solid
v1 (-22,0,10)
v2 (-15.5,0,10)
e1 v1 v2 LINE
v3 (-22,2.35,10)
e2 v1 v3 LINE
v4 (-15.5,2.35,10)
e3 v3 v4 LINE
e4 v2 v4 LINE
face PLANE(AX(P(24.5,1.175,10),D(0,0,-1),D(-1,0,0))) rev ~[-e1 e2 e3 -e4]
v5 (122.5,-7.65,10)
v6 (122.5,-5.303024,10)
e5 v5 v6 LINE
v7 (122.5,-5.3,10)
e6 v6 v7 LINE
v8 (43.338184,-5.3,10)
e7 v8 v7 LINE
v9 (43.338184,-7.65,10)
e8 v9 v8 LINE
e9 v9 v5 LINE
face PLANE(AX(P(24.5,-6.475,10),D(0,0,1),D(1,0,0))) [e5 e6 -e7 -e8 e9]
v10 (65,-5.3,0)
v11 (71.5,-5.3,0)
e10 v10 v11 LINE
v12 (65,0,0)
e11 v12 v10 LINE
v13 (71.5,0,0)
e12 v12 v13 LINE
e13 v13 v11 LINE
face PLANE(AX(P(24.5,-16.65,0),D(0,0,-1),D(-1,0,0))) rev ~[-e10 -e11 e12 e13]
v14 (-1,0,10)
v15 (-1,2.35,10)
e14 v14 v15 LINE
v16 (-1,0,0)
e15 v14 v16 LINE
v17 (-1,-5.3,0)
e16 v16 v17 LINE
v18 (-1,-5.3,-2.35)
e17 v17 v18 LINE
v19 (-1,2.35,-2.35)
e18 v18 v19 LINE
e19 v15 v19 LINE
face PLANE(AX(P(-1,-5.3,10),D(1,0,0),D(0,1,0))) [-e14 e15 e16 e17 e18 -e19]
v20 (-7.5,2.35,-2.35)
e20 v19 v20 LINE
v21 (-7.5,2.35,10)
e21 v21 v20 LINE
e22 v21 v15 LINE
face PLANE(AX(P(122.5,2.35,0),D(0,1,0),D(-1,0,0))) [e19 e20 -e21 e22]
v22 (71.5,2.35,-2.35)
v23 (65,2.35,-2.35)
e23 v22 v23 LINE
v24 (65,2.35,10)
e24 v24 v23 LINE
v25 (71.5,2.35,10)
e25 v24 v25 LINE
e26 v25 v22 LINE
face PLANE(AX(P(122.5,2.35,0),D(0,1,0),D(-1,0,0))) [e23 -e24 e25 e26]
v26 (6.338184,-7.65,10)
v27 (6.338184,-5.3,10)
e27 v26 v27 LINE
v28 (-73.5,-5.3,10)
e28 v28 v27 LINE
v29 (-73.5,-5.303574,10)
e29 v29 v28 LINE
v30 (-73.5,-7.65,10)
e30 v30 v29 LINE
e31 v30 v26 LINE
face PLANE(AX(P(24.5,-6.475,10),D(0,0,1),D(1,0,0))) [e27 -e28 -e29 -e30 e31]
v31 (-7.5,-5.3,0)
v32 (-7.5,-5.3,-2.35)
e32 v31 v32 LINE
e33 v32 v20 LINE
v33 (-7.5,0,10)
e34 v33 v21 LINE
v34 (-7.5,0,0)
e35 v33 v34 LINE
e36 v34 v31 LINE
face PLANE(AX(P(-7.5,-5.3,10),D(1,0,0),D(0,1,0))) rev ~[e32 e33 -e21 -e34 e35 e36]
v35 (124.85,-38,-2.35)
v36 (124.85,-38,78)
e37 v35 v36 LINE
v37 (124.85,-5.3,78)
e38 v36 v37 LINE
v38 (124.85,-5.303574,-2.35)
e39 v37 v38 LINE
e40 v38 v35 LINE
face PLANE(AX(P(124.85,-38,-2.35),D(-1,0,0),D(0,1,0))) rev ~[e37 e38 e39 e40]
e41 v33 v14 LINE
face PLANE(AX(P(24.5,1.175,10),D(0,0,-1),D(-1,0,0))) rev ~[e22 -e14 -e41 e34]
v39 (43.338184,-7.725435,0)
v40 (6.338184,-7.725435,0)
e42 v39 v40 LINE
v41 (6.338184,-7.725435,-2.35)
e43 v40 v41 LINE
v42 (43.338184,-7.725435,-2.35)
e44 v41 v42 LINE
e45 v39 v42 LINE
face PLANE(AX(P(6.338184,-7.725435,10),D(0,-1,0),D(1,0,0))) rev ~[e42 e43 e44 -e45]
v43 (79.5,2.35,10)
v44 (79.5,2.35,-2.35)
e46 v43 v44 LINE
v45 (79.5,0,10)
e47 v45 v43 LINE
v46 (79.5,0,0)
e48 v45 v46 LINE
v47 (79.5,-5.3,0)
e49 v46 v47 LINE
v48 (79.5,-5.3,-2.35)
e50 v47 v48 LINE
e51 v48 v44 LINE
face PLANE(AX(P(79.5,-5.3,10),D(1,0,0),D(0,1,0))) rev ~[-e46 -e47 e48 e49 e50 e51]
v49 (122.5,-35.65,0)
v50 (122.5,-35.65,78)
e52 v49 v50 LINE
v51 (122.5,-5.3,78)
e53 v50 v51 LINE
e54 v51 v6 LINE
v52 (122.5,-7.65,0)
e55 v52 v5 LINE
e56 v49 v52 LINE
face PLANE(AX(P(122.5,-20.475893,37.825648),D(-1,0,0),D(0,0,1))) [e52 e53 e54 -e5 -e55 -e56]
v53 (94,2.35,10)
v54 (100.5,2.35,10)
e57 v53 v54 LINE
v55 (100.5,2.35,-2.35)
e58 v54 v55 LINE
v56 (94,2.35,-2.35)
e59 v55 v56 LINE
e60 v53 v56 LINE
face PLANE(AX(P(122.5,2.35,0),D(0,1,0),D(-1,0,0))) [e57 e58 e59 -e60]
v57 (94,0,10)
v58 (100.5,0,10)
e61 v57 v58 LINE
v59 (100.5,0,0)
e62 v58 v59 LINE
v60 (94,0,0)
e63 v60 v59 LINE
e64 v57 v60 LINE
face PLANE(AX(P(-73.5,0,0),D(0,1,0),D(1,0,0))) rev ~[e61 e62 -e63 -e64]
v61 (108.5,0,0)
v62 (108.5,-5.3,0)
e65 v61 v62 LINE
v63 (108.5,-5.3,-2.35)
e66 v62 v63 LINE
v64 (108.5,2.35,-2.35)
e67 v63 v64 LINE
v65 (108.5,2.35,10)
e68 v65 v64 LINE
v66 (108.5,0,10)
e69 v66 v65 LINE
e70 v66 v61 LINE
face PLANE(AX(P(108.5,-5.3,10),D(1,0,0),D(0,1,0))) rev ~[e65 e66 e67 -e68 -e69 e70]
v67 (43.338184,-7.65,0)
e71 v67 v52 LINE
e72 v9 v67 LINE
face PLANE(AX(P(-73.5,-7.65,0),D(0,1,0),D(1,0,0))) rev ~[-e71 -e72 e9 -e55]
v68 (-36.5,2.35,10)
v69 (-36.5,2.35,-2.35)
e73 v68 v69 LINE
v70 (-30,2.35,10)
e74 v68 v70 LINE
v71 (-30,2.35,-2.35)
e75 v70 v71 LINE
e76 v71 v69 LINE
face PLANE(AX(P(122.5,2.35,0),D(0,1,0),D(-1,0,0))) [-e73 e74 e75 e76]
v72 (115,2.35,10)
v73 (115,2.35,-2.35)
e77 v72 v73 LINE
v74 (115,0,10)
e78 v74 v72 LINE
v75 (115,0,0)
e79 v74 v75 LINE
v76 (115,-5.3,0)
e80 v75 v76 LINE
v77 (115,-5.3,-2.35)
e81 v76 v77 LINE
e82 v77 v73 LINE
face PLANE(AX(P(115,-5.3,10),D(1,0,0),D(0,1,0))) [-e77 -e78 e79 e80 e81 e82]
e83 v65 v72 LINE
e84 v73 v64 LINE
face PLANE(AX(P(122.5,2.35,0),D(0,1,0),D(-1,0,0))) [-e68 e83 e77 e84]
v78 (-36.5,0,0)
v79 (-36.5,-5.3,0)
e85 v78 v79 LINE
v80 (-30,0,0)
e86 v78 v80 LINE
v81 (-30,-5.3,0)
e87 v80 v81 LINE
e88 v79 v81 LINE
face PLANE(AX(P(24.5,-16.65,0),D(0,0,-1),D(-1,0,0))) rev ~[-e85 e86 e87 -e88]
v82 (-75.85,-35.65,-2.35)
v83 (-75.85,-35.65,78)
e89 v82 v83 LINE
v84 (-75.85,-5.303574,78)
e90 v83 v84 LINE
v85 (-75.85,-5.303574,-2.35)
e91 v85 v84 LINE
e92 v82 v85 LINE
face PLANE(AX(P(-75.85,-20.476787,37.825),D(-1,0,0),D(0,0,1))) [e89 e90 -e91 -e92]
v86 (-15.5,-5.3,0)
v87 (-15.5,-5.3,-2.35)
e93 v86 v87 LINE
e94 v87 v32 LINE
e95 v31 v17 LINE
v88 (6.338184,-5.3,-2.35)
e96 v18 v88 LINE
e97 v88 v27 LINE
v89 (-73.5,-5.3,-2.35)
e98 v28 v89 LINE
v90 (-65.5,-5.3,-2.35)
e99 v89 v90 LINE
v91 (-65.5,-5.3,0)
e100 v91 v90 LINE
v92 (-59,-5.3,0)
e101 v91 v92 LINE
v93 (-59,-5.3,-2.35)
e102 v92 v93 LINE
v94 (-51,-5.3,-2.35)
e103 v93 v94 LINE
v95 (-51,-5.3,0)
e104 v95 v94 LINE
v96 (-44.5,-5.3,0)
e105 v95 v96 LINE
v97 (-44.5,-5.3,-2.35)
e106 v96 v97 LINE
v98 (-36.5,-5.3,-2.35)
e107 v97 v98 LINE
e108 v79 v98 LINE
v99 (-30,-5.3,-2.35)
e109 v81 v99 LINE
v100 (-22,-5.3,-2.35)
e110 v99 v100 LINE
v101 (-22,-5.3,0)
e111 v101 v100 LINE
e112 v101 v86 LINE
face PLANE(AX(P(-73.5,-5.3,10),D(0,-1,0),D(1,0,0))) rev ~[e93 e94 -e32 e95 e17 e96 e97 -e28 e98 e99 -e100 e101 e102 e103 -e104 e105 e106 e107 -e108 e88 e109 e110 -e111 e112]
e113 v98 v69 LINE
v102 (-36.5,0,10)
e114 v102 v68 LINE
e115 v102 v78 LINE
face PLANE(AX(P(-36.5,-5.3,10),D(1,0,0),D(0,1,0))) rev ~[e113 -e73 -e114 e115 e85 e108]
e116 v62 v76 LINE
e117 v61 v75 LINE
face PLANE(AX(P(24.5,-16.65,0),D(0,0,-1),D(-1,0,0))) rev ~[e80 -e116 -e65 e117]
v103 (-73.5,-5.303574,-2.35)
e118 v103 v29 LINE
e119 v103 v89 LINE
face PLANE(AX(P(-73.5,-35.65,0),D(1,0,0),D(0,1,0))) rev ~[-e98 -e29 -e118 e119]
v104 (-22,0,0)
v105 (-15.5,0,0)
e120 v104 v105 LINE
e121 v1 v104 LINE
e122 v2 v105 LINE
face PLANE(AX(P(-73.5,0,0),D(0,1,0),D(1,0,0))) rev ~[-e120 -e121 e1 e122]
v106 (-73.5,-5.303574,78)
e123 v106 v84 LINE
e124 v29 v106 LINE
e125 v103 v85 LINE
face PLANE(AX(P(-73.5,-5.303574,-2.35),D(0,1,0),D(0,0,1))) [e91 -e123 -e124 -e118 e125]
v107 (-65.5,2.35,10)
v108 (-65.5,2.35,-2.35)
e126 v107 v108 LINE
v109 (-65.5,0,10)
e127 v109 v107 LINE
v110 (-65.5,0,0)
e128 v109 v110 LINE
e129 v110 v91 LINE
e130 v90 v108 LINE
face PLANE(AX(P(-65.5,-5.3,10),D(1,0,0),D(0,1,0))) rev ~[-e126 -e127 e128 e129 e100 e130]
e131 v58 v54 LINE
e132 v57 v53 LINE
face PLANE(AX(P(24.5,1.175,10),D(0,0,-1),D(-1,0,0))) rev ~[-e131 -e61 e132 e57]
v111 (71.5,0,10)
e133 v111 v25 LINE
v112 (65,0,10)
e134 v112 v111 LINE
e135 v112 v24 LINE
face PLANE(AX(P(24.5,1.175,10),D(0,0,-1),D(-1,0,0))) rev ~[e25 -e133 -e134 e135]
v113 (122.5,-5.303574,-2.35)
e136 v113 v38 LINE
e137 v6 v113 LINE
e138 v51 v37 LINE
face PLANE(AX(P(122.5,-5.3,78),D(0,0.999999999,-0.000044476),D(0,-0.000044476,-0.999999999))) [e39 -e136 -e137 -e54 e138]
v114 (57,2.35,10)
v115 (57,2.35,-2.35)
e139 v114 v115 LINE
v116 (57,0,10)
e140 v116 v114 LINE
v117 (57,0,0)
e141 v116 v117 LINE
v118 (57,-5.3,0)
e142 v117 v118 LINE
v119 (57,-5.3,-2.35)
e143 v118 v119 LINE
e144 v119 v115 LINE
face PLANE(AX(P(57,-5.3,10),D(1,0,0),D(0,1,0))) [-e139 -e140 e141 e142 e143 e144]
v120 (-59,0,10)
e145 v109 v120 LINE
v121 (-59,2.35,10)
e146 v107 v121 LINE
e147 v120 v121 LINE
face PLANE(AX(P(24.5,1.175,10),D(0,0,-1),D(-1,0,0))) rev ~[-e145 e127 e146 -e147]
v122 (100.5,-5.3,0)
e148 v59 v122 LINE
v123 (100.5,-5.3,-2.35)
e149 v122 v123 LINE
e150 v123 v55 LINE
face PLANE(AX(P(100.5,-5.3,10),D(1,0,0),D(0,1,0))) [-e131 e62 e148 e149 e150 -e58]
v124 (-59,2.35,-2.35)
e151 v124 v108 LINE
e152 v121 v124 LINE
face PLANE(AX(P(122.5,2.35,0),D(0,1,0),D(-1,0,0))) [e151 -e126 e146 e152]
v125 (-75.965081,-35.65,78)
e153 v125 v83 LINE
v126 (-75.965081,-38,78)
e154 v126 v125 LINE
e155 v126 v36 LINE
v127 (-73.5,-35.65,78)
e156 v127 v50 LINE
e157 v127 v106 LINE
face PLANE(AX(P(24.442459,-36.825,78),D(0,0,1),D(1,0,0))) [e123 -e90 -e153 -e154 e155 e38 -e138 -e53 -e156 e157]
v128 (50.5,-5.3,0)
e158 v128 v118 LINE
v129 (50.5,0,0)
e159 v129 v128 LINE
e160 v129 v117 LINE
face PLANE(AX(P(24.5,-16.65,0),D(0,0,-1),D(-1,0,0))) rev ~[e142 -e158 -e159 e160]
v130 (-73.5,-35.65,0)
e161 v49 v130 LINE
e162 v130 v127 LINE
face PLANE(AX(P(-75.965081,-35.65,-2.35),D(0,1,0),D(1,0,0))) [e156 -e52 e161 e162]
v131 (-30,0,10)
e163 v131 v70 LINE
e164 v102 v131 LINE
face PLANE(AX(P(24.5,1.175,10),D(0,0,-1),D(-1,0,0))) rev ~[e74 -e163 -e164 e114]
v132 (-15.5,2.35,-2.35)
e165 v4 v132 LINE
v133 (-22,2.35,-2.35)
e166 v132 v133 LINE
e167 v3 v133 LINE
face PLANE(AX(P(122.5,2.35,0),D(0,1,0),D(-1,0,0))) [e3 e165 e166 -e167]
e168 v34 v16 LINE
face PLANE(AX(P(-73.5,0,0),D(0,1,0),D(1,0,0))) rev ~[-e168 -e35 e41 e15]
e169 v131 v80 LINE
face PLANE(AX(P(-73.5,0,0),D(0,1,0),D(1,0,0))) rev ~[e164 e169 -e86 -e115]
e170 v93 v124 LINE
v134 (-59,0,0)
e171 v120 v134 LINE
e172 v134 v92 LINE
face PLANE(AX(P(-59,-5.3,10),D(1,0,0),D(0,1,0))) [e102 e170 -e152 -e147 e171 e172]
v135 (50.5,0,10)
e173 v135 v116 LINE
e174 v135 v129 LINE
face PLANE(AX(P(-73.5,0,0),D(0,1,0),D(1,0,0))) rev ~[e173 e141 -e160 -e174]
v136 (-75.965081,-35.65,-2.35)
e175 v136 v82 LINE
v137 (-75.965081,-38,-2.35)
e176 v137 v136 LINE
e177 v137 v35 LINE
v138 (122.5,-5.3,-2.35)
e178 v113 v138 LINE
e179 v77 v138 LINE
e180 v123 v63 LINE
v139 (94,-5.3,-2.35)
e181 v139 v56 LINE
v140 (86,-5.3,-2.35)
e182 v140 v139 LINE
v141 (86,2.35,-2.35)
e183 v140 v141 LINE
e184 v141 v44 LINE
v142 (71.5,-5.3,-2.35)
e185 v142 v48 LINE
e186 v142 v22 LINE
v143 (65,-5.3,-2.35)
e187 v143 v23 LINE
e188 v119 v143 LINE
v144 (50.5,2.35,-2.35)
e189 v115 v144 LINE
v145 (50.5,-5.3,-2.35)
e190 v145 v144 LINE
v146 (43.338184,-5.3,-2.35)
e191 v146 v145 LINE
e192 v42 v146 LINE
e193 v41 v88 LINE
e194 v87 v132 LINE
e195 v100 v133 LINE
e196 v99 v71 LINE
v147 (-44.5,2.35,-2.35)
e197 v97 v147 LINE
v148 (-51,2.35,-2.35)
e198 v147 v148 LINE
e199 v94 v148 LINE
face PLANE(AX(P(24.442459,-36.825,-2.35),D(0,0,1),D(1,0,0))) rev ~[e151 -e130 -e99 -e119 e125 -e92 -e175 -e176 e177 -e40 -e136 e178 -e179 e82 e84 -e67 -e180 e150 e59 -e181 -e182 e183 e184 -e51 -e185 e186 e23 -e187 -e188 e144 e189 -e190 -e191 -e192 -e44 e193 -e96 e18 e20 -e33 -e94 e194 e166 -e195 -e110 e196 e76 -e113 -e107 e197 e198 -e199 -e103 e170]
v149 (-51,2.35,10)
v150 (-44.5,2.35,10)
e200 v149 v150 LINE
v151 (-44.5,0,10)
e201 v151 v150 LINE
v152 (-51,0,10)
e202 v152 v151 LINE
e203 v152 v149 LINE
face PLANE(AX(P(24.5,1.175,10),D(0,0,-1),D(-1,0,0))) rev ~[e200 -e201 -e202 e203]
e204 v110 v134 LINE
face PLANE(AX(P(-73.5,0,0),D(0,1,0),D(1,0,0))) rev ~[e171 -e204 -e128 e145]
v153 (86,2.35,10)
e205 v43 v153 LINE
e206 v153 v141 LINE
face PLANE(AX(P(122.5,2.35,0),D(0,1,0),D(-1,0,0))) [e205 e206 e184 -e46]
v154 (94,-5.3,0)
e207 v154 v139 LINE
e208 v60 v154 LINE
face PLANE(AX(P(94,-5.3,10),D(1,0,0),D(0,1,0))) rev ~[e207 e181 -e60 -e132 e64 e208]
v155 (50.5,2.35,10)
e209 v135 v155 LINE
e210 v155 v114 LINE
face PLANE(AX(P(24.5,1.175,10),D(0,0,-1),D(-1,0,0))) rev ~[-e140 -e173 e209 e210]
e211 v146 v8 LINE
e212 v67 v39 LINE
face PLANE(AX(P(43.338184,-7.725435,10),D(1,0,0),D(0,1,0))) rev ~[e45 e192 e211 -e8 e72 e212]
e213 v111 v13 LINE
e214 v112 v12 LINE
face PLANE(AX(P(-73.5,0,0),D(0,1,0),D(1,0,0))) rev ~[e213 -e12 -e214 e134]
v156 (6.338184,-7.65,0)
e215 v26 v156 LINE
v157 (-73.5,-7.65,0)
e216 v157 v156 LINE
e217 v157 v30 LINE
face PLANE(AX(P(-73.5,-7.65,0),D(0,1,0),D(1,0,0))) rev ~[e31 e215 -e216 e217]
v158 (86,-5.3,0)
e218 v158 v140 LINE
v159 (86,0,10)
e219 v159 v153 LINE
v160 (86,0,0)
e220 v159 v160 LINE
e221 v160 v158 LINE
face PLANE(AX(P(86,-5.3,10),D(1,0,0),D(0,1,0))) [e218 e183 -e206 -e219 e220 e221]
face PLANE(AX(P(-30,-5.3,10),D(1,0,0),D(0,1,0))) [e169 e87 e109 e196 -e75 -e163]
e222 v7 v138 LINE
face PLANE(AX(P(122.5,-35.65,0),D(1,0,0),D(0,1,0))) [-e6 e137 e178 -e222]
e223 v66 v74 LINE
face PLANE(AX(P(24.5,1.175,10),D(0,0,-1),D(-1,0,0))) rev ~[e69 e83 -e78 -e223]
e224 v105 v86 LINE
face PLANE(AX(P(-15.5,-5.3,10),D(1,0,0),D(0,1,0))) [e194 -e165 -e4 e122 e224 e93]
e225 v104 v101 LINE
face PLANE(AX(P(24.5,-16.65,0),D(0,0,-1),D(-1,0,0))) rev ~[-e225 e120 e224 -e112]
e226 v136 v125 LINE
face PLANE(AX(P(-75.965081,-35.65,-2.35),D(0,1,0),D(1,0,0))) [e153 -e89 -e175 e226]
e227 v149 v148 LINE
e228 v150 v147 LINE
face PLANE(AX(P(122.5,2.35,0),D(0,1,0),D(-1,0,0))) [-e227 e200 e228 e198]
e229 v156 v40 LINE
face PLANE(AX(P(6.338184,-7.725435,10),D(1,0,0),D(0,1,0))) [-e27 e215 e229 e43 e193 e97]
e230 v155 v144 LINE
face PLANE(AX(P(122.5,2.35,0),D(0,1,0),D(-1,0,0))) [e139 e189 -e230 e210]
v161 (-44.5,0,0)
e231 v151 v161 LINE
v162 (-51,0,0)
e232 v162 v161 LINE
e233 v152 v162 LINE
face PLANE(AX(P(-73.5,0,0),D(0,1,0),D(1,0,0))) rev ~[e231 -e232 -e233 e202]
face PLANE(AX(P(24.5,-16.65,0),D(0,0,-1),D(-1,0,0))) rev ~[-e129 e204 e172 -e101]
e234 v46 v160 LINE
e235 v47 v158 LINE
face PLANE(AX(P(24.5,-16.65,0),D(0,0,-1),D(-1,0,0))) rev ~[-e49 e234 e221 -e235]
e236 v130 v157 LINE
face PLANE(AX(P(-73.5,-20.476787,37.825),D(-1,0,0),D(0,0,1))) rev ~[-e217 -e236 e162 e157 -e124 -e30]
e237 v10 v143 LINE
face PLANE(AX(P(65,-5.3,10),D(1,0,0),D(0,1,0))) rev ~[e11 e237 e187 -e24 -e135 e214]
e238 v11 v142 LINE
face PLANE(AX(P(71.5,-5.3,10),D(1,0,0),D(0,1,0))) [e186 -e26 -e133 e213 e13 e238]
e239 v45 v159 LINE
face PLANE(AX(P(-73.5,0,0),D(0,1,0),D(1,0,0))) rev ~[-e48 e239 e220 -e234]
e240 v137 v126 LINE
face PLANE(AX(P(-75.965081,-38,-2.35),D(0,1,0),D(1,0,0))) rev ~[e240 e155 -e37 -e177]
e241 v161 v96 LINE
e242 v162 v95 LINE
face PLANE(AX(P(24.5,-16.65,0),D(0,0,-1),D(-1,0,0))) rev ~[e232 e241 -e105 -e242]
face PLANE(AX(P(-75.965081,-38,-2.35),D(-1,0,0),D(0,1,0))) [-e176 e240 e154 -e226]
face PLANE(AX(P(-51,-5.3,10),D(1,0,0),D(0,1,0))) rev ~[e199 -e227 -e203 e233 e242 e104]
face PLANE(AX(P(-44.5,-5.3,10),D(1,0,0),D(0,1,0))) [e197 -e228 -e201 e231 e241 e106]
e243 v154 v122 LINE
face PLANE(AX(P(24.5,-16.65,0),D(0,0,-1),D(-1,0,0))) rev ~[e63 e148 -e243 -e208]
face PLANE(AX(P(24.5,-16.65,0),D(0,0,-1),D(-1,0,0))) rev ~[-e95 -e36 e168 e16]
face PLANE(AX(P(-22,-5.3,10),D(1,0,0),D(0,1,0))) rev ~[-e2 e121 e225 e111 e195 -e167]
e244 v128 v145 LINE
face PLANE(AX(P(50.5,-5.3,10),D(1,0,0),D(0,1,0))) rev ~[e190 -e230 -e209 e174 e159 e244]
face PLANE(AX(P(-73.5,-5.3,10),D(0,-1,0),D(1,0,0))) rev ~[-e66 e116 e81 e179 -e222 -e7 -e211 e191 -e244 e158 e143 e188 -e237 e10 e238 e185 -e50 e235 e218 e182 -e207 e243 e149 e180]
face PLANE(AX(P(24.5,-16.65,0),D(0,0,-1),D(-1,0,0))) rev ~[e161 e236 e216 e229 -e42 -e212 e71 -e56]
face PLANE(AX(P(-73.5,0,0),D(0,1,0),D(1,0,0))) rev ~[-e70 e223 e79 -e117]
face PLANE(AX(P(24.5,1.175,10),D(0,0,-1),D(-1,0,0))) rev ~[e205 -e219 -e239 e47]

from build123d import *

# Parameters (mm, degrees)
BOSS_EXTRU_1_DEPTH      = 10
ESQUISSE1_W             = 196
ESQUISSE1_H             = 2.35
BOSS_EXTRU_1_2_DEPTH    = 10
ESQUISSE2_W             = 196
ESQUISSE2_H             = 38
BOSS_EXTRU_2_DEPTH      = 2.35
ESQUISSE3_W             = 80.35
ESQUISSE3_H             = 30.346426361
BOSS_EXTRU_4_DEPTH      = 2.35
BOSS_EXTRU_5_DEPTH      = 2.35
BOSS_EXTRU_6_DEPTH      = 68
BOSS_EXTRU_6_DEPTH_BACK = 12.35
ESQUISSE6_W             = 200.815081418
ESQUISSE6_H             = 2.35
ESQUISSE7_W             = 8
ESQUISSE7_H             = 7.65
ENL_V_MAT_EXTRU_1_DEPTH = 13
ESQUISSE9_W             = 37
ESQUISSE9_H             = 12
ENL_V_MAT_EXTRU_2_DEPTH = 13


with BuildPart() as part:
    # Esquisse1 → Boss.-Extru.1 (new body)
    with BuildSketch(Plane.XY):
        Polygon((122.5, 2.35), (122.5, 0), (0, 0), (-73.5, 0), (-73.5, 2.35), align=None)
    extrude(amount=BOSS_EXTRU_1_DEPTH)



with BuildPart() as body_2:
    # Esquisse1 → Boss.-Extru.1 2 (new body)
    with BuildSketch(Plane.XY):
        with Locations((24.5, -6.475)):
            Rectangle(ESQUISSE1_W, ESQUISSE1_H)
    extrude(amount=BOSS_EXTRU_1_2_DEPTH)


with BuildPart() as part_1:
    add(part.part)

    add(body_2.part)  # Boss.-Extru.2 merges body 2
    # Esquisse2 → Boss.-Extru.2 (add)
    with BuildSketch(Plane(origin=(0, 0, 0), x_dir=(-1, 0, 0), z_dir=(0, 0, -1))):
        with Locations((-24.5, -16.65)):
            Rectangle(ESQUISSE2_W, ESQUISSE2_H)
    extrude(amount=BOSS_EXTRU_2_DEPTH)

    # Esquisse3 → Boss.-Extru.4 (add)
    with BuildSketch(Plane.ZY.offset(73.5)):
        with Locations((37.825, -20.47678682)):
            Rectangle(ESQUISSE3_W, ESQUISSE3_H)
    extrude(amount=BOSS_EXTRU_4_DEPTH)

    # Esquisse5 → Boss.-Extru.5 (add)
    with BuildSketch(Plane(origin=(122.5, 0, 0), x_dir=(0, 0, -1), z_dir=(1, 0, 0))):
        Polygon((-78, -5.3), (2.35, -5.303573639), (2.35, -35.65), (-78, -35.65), align=None)
    extrude(amount=BOSS_EXTRU_5_DEPTH)

    # Esquisse6 → Boss.-Extru.6 (add, two sides: drawn at the far end of the back side and taken through both)
    with BuildSketch(Plane.XY.offset(10).offset(-BOSS_EXTRU_6_DEPTH_BACK)):
        with Locations((24.442459291, -36.825)):
            Rectangle(ESQUISSE6_W, ESQUISSE6_H)
    extrude(amount=BOSS_EXTRU_6_DEPTH + BOSS_EXTRU_6_DEPTH_BACK)

    # Esquisse7 → Enlèv. mat.-Extru.1 (cut)
    with BuildSketch(Plane.XY.offset(10)):
        with Locations((-69.5, -1.475)):
            Rectangle(ESQUISSE7_W, ESQUISSE7_H)
        with Locations((-55, -1.475)):
            Rectangle(ESQUISSE7_W, ESQUISSE7_H)
        with Locations((-40.5, -1.475)):
            Rectangle(ESQUISSE7_W, ESQUISSE7_H)
        with Locations((-26, -1.475)):
            Rectangle(ESQUISSE7_W, ESQUISSE7_H)
        with Locations((-11.5, -1.475)):
            Rectangle(ESQUISSE7_W, ESQUISSE7_H)
        with Locations((3, -1.475)):
            Rectangle(ESQUISSE7_W, ESQUISSE7_H)
        with Locations((17.5, -1.475)):
            Rectangle(ESQUISSE7_W, ESQUISSE7_H)
        with Locations((32, -1.475)):
            Rectangle(ESQUISSE7_W, ESQUISSE7_H)
        with Locations((46.5, -1.475)):
            Rectangle(ESQUISSE7_W, ESQUISSE7_H)
        with Locations((61, -1.475)):
            Rectangle(ESQUISSE7_W, ESQUISSE7_H)
        with Locations((75.5, -1.475)):
            Rectangle(ESQUISSE7_W, ESQUISSE7_H)
        with Locations((90, -1.475)):
            Rectangle(ESQUISSE7_W, ESQUISSE7_H)
        with Locations((104.5, -1.475)):
            Rectangle(ESQUISSE7_W, ESQUISSE7_H)
        with Locations((119, -1.475)):
            Rectangle(ESQUISSE7_W, ESQUISSE7_H)
        with Locations((133.5, -1.475)):
            Rectangle(ESQUISSE7_W, ESQUISSE7_H)
        with Locations((148, -1.475)):
            Rectangle(ESQUISSE7_W, ESQUISSE7_H)
        with Locations((162.5, -1.475)):
            Rectangle(ESQUISSE7_W, ESQUISSE7_H)
        with Locations((177, -1.475)):
            Rectangle(ESQUISSE7_W, ESQUISSE7_H)
        with Locations((191.5, -1.475)):
            Rectangle(ESQUISSE7_W, ESQUISSE7_H)
        with Locations((206, -1.475)):
            Rectangle(ESQUISSE7_W, ESQUISSE7_H)
        with Locations((220.5, -1.475)):
            Rectangle(ESQUISSE7_W, ESQUISSE7_H)
        with Locations((235, -1.475)):
            Rectangle(ESQUISSE7_W, ESQUISSE7_H)
        with Locations((249.5, -1.475)):
            Rectangle(ESQUISSE7_W, ESQUISSE7_H)
        with Locations((264, -1.475)):
            Rectangle(ESQUISSE7_W, ESQUISSE7_H)
        with Locations((278.5, -1.475)):
            Rectangle(ESQUISSE7_W, ESQUISSE7_H)
        with Locations((293, -1.475)):
            Rectangle(ESQUISSE7_W, ESQUISSE7_H)
        with Locations((307.5, -1.475)):
            Rectangle(ESQUISSE7_W, ESQUISSE7_H)
        with Locations((322, -1.475)):
            Rectangle(ESQUISSE7_W, ESQUISSE7_H)
        with Locations((336.5, -1.475)):
            Rectangle(ESQUISSE7_W, ESQUISSE7_H)
        with Locations((351, -1.475)):
            Rectangle(ESQUISSE7_W, ESQUISSE7_H)
        with Locations((365.5, -1.475)):
            Rectangle(ESQUISSE7_W, ESQUISSE7_H)
        with Locations((380, -1.475)):
            Rectangle(ESQUISSE7_W, ESQUISSE7_H)
        with Locations((394.5, -1.475)):
            Rectangle(ESQUISSE7_W, ESQUISSE7_H)
        with Locations((409, -1.475)):
            Rectangle(ESQUISSE7_W, ESQUISSE7_H)
        with Locations((423.5, -1.475)):
            Rectangle(ESQUISSE7_W, ESQUISSE7_H)
        with Locations((438, -1.475)):
            Rectangle(ESQUISSE7_W, ESQUISSE7_H)
        with Locations((452.5, -1.475)):
            Rectangle(ESQUISSE7_W, ESQUISSE7_H)
        with Locations((467, -1.475)):
            Rectangle(ESQUISSE7_W, ESQUISSE7_H)
        with Locations((481.5, -1.475)):
            Rectangle(ESQUISSE7_W, ESQUISSE7_H)
        with Locations((496, -1.475)):
            Rectangle(ESQUISSE7_W, ESQUISSE7_H)
        with Locations((510.5, -1.475)):
            Rectangle(ESQUISSE7_W, ESQUISSE7_H)
        with Locations((525, -1.475)):
            Rectangle(ESQUISSE7_W, ESQUISSE7_H)
        with Locations((539.5, -1.475)):
            Rectangle(ESQUISSE7_W, ESQUISSE7_H)
        with Locations((554, -1.475)):
            Rectangle(ESQUISSE7_W, ESQUISSE7_H)
        with Locations((568.5, -1.475)):
            Rectangle(ESQUISSE7_W, ESQUISSE7_H)
        with Locations((583, -1.475)):
            Rectangle(ESQUISSE7_W, ESQUISSE7_H)
        with Locations((597.5, -1.475)):
            Rectangle(ESQUISSE7_W, ESQUISSE7_H)
        with Locations((612, -1.475)):
            Rectangle(ESQUISSE7_W, ESQUISSE7_H)
        with Locations((626.5, -1.475)):
            Rectangle(ESQUISSE7_W, ESQUISSE7_H)
        with Locations((641, -1.475)):
            Rectangle(ESQUISSE7_W, ESQUISSE7_H)
    extrude(amount=-ENL_V_MAT_EXTRU_1_DEPTH, mode=Mode.SUBTRACT)

    # Esquisse9 → Enlèv. mat.-Extru.2 (cut)
    with BuildSketch(Plane.XY.offset(10)):
        with Locations((24.838183524, -1.725435405)):
            Rectangle(ESQUISSE9_W, ESQUISSE9_H)
    extrude(amount=-ENL_V_MAT_EXTRU_2_DEPTH, mode=Mode.SUBTRACT)


solid = part_1.part
